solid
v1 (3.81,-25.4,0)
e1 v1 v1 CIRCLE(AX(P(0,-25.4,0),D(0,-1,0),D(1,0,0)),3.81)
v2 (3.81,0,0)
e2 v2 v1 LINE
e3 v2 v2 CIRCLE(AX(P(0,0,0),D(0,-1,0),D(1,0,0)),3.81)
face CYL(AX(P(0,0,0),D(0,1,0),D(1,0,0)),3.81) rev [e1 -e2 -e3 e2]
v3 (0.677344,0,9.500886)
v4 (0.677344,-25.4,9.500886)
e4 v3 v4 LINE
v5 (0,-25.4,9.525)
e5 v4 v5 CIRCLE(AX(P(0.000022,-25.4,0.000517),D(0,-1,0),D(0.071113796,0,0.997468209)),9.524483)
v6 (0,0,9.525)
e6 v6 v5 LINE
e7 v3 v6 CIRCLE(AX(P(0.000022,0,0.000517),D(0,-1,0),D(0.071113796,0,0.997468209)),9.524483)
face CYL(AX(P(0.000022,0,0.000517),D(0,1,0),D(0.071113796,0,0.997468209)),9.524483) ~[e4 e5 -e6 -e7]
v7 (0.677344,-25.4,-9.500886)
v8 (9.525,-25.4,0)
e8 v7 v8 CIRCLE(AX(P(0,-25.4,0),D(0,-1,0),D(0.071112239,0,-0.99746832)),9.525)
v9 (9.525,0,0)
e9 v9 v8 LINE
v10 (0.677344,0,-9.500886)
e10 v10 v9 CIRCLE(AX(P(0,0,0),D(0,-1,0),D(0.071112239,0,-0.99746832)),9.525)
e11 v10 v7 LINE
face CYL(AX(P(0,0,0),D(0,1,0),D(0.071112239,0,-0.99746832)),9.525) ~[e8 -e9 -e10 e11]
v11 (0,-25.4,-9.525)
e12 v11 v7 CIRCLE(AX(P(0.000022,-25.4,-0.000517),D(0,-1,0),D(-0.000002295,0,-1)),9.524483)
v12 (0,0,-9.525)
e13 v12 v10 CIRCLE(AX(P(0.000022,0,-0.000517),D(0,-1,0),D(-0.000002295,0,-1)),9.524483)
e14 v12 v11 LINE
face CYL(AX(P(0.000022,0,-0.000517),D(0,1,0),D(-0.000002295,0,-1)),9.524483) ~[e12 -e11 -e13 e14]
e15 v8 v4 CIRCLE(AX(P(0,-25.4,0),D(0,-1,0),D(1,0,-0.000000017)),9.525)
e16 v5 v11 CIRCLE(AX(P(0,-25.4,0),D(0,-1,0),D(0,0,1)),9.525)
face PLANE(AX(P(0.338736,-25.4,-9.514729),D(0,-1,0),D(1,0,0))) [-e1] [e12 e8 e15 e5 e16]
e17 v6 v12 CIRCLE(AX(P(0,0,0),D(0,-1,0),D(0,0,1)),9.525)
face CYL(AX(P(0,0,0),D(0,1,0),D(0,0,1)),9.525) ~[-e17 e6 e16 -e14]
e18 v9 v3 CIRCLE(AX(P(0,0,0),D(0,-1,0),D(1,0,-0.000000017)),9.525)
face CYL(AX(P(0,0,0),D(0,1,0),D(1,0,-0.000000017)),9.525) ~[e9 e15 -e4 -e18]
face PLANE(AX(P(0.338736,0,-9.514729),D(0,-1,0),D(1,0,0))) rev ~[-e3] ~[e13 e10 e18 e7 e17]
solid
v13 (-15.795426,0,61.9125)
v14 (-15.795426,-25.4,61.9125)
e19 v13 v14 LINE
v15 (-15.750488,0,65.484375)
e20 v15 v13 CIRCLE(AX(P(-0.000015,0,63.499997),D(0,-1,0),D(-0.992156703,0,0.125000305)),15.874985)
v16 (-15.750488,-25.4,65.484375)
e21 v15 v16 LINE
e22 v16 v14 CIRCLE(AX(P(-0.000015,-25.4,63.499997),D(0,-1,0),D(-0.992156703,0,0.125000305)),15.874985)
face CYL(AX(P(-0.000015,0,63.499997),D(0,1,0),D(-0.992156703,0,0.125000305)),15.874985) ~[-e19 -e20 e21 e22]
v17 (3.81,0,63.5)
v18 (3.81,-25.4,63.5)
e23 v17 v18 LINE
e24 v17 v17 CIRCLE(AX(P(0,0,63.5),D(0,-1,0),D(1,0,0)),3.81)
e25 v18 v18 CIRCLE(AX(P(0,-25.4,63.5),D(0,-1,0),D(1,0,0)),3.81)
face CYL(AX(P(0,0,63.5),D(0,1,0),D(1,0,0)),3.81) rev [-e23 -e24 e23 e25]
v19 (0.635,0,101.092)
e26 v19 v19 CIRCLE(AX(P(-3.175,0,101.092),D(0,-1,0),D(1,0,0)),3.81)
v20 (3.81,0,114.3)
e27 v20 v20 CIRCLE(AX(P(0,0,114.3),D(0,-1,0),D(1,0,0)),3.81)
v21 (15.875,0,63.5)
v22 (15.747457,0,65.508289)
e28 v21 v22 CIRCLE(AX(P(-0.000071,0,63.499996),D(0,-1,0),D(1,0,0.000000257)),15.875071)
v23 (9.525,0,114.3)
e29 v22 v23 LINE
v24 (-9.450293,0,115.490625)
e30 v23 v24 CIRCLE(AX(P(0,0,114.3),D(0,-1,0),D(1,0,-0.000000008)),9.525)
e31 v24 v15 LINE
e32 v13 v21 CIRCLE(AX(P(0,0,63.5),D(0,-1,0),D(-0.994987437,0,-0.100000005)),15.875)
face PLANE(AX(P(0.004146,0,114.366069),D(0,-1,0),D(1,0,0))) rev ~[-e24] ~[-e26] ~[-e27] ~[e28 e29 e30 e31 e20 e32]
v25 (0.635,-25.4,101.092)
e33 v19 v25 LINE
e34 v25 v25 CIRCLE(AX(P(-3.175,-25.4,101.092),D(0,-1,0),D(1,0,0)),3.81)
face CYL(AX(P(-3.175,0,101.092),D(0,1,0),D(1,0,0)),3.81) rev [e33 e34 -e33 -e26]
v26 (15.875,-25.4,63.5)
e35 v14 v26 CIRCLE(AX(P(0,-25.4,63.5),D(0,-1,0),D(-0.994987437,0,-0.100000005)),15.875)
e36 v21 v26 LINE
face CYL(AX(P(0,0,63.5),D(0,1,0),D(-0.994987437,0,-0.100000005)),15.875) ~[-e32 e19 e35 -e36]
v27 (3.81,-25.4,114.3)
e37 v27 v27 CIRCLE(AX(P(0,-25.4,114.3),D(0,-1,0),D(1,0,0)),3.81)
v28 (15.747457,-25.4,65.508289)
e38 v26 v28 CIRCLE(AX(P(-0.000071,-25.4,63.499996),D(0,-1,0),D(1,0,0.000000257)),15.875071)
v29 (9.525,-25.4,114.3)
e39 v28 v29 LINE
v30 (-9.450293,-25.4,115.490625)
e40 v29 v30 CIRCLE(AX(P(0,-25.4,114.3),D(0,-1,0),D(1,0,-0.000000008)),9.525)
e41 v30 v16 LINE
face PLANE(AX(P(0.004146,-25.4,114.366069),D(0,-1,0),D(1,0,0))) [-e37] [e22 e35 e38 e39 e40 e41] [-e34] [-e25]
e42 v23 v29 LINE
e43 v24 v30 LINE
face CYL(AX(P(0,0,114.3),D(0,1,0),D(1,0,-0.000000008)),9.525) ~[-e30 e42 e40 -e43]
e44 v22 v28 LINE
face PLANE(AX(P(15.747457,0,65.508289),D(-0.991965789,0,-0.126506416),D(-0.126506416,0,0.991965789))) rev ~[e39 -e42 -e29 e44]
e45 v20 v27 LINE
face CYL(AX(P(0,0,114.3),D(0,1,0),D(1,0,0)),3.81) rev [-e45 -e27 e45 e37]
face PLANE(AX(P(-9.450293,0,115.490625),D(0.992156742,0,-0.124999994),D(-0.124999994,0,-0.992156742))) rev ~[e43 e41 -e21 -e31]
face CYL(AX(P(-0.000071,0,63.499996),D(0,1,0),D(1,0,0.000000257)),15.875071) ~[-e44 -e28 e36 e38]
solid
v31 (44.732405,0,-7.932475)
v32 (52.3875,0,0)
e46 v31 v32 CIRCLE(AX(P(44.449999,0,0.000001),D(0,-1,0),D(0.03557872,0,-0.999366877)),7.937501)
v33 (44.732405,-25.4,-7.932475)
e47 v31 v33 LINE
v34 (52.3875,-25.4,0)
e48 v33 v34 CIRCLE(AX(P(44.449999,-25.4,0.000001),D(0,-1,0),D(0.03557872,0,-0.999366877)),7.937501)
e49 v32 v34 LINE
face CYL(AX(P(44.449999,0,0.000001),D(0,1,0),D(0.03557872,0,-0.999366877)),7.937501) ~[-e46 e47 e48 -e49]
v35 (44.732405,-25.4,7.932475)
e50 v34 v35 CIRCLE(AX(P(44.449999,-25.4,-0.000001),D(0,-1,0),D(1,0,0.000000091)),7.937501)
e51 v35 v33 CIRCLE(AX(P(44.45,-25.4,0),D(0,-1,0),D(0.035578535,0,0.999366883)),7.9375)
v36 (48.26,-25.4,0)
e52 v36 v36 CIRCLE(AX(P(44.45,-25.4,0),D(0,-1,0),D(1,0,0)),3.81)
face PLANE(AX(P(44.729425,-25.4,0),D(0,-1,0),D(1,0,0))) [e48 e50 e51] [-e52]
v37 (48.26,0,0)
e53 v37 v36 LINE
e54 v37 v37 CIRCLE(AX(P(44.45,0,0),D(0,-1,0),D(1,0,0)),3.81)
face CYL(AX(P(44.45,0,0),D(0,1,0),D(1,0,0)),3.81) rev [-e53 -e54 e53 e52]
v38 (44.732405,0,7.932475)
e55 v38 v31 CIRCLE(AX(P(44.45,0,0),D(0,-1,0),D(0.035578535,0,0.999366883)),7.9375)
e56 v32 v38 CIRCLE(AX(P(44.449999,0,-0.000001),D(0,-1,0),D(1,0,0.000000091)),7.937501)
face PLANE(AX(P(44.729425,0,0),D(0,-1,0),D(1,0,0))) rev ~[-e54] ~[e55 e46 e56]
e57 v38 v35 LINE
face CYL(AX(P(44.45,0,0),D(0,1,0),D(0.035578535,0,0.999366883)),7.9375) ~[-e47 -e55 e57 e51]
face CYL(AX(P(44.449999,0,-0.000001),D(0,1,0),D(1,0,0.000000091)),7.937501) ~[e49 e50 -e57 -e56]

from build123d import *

# Parameters (mm, degrees)
F0_R     = 3.81
F1_DEPTH = 25.4


with BuildPart() as f1:
    # F0 (on Front) → F1 (new body)
    with BuildSketch(Plane.XZ):
        with BuildLine():
            ThreePointArc((-9.450293, 115.490625), (-0.596483, 104.793695), (9.525, 114.3))
            ThreePointArc((9.525, 114.3), (0.596483, 123.806305), (-9.450293, 115.490625))
        make_face()
        with Locations((0, 114.3)):
            Circle(F0_R, mode=Mode.SUBTRACT)
        with BuildLine():
            Line((15.747457, 65.508289), (9.525, 114.3))
            ThreePointArc((9.525, 114.3), (-0.596483, 104.793695), (-9.450293, 115.490625))
            Line((-9.450293, 115.490625), (-15.750488, 65.484375))
            ThreePointArc((-15.750488, 65.484375), (-0.012053, 79.374995), (15.747457, 65.508289))
        make_face()
        with Locations((-3.175, 101.092)):
            Circle(F0_R, mode=Mode.SUBTRACT)
        with BuildLine():
            ThreePointArc((15.875, 63.5), (15.843082, 64.506168), (15.747457, 65.508289))
            ThreePointArc((15.747457, 65.508289), (-0.012053, 79.374995), (-15.750488, 65.484375))
            ThreePointArc((-15.750488, 65.484375), (-15.873744, 63.699705), (-15.795426, 61.9125))
            ThreePointArc((-15.795426, 61.9125), (0.794747, 47.644906), (15.875, 63.5))
        make_face()
        with Locations((0, 63.5)):
            Circle(F0_R, mode=Mode.SUBTRACT)
        with BuildLine():
            ThreePointArc((44.732405, -7.932475), (50.161633, -5.51191), (52.3875, 0))
            ThreePointArc((52.3875, 0), (50.161633, 5.51191), (44.732405, 7.932475))
            ThreePointArc((44.732405, 7.932475), (36.5125, 0), (44.732405, -7.932475))
        make_face()
        with Locations((44.45, 0)):
            Circle(F0_R, mode=Mode.SUBTRACT)
        with BuildLine():
            ThreePointArc((0, -9.525), (0.338886, -9.51897), (0.677344, -9.500886))
            Line((0.677344, -9.500886), (0, -9.525))
        make_face()
        with BuildLine():
            Line((0, -9.525), (0.677344, -9.500886))
            ThreePointArc((0.677344, -9.500886), (6.970557, -6.491299), (9.525, 0))
            ThreePointArc((9.525, 0), (6.970557, 6.491299), (0.677344, 9.500886))
            Line((0.677344, 9.500886), (0, 9.525))
            ThreePointArc((0, 9.525), (-9.525, 0), (0, -9.525))
        make_face()
        Circle(F0_R, mode=Mode.SUBTRACT)
        with BuildLine():
            ThreePointArc((0.677344, 9.500886), (0.338886, 9.51897), (0, 9.525))
            Line((0, 9.525), (0.677344, 9.500886))
        make_face()
    extrude(amount=F1_DEPTH)


solid = f1.part
